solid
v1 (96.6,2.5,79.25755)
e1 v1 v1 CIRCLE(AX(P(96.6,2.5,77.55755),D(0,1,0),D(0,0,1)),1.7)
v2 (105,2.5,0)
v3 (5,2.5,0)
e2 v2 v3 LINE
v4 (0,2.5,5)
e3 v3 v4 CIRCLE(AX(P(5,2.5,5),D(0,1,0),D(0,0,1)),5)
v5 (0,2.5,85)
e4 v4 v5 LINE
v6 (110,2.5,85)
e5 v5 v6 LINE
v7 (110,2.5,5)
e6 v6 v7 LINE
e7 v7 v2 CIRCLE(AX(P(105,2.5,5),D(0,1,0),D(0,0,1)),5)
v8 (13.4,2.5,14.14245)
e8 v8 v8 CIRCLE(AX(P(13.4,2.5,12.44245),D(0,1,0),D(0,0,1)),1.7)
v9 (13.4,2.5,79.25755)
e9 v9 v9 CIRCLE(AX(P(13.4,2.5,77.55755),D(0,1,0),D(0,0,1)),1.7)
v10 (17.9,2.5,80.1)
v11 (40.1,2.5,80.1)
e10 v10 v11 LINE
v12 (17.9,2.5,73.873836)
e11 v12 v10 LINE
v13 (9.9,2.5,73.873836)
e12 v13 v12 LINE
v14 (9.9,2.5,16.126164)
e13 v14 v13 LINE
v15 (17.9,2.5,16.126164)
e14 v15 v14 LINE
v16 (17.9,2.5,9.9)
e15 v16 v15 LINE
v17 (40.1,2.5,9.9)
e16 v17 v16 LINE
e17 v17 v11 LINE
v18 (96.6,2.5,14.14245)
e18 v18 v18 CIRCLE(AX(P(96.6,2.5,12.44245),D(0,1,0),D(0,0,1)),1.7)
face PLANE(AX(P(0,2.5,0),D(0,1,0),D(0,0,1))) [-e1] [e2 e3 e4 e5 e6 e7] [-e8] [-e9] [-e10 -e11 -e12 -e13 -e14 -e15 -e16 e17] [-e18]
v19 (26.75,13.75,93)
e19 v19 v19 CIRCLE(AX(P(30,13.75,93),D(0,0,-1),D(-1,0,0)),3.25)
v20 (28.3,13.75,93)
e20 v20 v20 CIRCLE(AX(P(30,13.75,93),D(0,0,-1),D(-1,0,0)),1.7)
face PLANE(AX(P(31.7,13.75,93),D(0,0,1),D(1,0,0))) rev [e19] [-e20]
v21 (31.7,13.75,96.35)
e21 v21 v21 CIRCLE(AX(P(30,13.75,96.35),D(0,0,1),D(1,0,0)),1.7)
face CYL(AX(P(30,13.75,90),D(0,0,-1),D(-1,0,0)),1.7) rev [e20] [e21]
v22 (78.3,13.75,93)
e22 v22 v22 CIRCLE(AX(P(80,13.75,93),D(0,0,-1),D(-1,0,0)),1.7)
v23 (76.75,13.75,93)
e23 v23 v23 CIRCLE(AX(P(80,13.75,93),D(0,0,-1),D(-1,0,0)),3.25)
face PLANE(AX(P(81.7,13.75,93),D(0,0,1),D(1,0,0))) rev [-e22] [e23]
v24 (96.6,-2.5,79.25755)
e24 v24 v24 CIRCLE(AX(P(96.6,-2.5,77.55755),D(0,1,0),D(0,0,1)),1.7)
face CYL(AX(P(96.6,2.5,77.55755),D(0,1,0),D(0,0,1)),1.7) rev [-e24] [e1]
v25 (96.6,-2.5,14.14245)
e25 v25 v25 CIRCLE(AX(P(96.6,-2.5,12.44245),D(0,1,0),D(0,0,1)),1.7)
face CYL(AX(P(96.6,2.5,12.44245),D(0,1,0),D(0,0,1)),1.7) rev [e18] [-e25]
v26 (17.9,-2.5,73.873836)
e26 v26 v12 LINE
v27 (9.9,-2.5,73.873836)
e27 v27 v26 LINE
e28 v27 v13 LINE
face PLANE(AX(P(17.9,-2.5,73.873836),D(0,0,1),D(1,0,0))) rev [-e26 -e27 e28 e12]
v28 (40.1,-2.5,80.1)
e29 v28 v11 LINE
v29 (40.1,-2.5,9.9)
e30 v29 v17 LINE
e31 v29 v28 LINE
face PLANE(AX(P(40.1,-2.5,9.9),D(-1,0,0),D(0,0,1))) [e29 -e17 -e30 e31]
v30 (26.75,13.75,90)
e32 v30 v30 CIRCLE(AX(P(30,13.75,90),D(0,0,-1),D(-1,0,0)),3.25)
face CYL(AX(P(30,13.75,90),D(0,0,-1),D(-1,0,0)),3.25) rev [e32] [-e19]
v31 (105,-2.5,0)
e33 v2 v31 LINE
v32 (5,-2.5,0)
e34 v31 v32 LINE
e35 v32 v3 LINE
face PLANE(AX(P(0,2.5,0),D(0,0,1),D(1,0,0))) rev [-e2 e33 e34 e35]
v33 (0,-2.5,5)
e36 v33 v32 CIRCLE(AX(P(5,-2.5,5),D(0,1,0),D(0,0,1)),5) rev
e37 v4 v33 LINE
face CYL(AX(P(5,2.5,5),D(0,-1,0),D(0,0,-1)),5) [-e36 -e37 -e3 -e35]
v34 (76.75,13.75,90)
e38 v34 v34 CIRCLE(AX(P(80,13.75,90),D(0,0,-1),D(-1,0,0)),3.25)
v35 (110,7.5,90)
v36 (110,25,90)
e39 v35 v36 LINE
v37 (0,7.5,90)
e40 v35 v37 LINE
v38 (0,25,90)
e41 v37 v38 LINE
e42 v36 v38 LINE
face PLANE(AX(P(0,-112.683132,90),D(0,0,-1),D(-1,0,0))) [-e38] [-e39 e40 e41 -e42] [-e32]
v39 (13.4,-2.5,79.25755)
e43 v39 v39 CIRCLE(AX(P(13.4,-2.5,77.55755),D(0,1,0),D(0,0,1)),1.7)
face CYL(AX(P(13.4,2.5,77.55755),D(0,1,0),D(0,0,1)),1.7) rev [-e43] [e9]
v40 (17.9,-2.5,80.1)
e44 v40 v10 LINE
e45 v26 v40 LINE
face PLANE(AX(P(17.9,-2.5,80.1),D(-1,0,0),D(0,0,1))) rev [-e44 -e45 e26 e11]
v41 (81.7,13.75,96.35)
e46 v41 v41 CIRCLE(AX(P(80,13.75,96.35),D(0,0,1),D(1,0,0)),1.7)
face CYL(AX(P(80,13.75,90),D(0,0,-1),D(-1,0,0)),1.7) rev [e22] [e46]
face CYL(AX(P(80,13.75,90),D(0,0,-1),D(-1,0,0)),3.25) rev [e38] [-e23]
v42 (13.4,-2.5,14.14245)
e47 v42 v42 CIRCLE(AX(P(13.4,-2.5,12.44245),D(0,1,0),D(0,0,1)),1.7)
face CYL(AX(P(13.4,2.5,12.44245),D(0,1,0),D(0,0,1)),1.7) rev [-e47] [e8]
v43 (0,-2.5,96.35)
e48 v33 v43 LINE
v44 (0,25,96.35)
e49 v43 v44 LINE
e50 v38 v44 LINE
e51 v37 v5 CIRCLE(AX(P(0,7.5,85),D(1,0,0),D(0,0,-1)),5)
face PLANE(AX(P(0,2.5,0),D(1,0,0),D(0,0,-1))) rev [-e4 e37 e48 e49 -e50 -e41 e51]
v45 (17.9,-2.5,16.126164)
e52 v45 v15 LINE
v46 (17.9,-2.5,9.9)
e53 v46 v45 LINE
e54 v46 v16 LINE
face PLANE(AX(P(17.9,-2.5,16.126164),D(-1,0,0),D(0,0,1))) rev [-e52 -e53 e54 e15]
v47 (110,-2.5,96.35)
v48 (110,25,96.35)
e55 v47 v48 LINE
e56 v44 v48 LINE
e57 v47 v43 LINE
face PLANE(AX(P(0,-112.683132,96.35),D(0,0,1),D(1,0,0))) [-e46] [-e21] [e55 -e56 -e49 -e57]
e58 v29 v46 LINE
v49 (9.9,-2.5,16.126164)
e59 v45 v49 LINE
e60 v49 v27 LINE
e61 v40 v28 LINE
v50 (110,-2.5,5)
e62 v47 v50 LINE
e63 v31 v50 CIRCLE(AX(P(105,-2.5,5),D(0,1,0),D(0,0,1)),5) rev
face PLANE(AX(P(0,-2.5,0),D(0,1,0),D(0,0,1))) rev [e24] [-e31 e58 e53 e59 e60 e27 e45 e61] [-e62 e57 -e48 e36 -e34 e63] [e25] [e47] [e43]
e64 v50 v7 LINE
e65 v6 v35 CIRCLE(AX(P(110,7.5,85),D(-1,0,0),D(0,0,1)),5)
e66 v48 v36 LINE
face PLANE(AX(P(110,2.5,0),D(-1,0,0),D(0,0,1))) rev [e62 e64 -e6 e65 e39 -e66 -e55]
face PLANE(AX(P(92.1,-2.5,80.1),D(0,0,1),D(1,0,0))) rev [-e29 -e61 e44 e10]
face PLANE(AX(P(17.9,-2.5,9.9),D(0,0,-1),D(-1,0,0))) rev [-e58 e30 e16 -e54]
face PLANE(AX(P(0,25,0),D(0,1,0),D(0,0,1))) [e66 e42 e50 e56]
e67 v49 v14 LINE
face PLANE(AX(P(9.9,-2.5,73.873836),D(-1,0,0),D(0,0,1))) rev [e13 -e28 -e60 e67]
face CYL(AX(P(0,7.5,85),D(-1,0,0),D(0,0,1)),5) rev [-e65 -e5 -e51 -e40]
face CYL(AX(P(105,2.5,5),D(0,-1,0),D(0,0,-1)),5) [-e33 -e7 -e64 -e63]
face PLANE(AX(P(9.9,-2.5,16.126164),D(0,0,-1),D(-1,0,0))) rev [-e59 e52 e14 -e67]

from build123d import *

# Parameters (mm, degrees)
SKETCH1_W                      = 110
SKETCH1_H                      = 90
BOSS_EXTRUDE1_DEPTH            = 2.5
M3_CLEARANCE_HOLE1_D           = 3.4
M3_CLEARANCE_HOLE1_DEPTH       = 5
SKETCH5_W                      = 110
SKETCH5_H                      = 6.35
BOSS_EXTRUDE2_DEPTH            = 25
BOSS_EXTRUDE2_DEPTH_BACK       = 2.5
CBORE_FOR_M3_SHCS1_D           = 3.4
CBORE_FOR_M3_SHCS1_DEPTH       = 6.35
CBORE_FOR_M3_SHCS1_CBORE_D     = 6.5
CBORE_FOR_M3_SHCS1_CBORE_DEPTH = 3
CUT_EXTRUDE1_DEPTH             = 6
BOSS_EXTRUDE4_DEPTH            = 5
FILLET1_R                      = 5
FILLET2_R                      = 5


with BuildPart() as part:
    # Sketch1 → Boss-Extrude1 (new body, symmetric)
    with BuildSketch(Plane(origin=(0, 0, 0), x_dir=(1, 0, 0), z_dir=(0, 1, 0))):
        with Locations((55, -45)):
            Rectangle(SKETCH1_W, SKETCH1_H)
    extrude(amount=BOSS_EXTRUDE1_DEPTH, both=True)

    # M3 Clearance Hole1
    with Locations(Plane(origin=(0, 2.5, 0), x_dir=(1, 0, 0), z_dir=(0, 1, 0))):
        with Locations((13.4, -77.55755), (96.6, -12.44245), (96.6, -77.55755), (13.4, -12.44245)):
            Hole(M3_CLEARANCE_HOLE1_D / 2, depth=M3_CLEARANCE_HOLE1_DEPTH)

    # Sketch5 → Boss-Extrude2 (add, two sides)
    with BuildSketch(Plane(origin=(0, 0, 0), x_dir=(1, 0, 0), z_dir=(0, 1, 0))) as boss_extrude2_sk:
        with Locations((55, -93.175)):
            Rectangle(SKETCH5_W, SKETCH5_H)
    extrude(amount=BOSS_EXTRUDE2_DEPTH)
    extrude(boss_extrude2_sk.sketch, amount=-BOSS_EXTRUDE2_DEPTH_BACK)

    # CBORE for M3 SHCS1
    with Locations(Plane(origin=(0, 0, 90), x_dir=(-1, 0, 0), z_dir=(0, 0, -1))):
        with Locations((-80, 13.75), (-30, 13.75)):
            CounterBoreHole(CBORE_FOR_M3_SHCS1_D / 2, CBORE_FOR_M3_SHCS1_CBORE_D / 2, CBORE_FOR_M3_SHCS1_CBORE_DEPTH, depth=CBORE_FOR_M3_SHCS1_DEPTH)

    # Sketch8 → Cut-Extrude1 (cut, through all)
    with BuildSketch(Plane(origin=(0, 2.5, 0), x_dir=(1, 0, 0), z_dir=(0, 1, 0))):
        Polygon((17.9, -9.9), (92.1, -9.9), (92.1, -16.12616408), (100.1, -16.12616408), (100.1, -73.87383592), (92.1, -73.87383592), (92.1, -80.1), (17.9, -80.1), (17.9, -73.87383592), (9.9, -73.87383592), (9.9, -16.12616408), (17.9, -16.12616408), align=None)
    extrude(amount=-CUT_EXTRUDE1_DEPTH, mode=Mode.SUBTRACT)

    # Sketch10 → Boss-Extrude4 (add, through all)
    with BuildSketch(Plane(origin=(0, 2.5, 0), x_dir=(1, 0, 0), z_dir=(0, 1, 0))):
        Polygon((40.1, -9.9), (92.1, -9.9), (92.1, -16.12616408), (100.1, -16.12616408), (100.1, -73.87383592), (92.1, -73.87383592), (92.1, -80.1), (40.1, -80.1), align=None)
    extrude(amount=-BOSS_EXTRUDE4_DEPTH)

    # Fillet1
    fillet1_edges = [part.edges().sort_by_distance(p)[0] for p in [
        (0, 0, 0),
        (110, 0, 0),
    ]]
    fillet(fillet1_edges, radius=FILLET1_R)

    # Fillet2
    fillet2_edges = [part.edges().sort_by_distance(p)[0] for p in [
        (55, 2.5, 90),
    ]]
    fillet(fillet2_edges, radius=FILLET2_R)


solid = part.part
